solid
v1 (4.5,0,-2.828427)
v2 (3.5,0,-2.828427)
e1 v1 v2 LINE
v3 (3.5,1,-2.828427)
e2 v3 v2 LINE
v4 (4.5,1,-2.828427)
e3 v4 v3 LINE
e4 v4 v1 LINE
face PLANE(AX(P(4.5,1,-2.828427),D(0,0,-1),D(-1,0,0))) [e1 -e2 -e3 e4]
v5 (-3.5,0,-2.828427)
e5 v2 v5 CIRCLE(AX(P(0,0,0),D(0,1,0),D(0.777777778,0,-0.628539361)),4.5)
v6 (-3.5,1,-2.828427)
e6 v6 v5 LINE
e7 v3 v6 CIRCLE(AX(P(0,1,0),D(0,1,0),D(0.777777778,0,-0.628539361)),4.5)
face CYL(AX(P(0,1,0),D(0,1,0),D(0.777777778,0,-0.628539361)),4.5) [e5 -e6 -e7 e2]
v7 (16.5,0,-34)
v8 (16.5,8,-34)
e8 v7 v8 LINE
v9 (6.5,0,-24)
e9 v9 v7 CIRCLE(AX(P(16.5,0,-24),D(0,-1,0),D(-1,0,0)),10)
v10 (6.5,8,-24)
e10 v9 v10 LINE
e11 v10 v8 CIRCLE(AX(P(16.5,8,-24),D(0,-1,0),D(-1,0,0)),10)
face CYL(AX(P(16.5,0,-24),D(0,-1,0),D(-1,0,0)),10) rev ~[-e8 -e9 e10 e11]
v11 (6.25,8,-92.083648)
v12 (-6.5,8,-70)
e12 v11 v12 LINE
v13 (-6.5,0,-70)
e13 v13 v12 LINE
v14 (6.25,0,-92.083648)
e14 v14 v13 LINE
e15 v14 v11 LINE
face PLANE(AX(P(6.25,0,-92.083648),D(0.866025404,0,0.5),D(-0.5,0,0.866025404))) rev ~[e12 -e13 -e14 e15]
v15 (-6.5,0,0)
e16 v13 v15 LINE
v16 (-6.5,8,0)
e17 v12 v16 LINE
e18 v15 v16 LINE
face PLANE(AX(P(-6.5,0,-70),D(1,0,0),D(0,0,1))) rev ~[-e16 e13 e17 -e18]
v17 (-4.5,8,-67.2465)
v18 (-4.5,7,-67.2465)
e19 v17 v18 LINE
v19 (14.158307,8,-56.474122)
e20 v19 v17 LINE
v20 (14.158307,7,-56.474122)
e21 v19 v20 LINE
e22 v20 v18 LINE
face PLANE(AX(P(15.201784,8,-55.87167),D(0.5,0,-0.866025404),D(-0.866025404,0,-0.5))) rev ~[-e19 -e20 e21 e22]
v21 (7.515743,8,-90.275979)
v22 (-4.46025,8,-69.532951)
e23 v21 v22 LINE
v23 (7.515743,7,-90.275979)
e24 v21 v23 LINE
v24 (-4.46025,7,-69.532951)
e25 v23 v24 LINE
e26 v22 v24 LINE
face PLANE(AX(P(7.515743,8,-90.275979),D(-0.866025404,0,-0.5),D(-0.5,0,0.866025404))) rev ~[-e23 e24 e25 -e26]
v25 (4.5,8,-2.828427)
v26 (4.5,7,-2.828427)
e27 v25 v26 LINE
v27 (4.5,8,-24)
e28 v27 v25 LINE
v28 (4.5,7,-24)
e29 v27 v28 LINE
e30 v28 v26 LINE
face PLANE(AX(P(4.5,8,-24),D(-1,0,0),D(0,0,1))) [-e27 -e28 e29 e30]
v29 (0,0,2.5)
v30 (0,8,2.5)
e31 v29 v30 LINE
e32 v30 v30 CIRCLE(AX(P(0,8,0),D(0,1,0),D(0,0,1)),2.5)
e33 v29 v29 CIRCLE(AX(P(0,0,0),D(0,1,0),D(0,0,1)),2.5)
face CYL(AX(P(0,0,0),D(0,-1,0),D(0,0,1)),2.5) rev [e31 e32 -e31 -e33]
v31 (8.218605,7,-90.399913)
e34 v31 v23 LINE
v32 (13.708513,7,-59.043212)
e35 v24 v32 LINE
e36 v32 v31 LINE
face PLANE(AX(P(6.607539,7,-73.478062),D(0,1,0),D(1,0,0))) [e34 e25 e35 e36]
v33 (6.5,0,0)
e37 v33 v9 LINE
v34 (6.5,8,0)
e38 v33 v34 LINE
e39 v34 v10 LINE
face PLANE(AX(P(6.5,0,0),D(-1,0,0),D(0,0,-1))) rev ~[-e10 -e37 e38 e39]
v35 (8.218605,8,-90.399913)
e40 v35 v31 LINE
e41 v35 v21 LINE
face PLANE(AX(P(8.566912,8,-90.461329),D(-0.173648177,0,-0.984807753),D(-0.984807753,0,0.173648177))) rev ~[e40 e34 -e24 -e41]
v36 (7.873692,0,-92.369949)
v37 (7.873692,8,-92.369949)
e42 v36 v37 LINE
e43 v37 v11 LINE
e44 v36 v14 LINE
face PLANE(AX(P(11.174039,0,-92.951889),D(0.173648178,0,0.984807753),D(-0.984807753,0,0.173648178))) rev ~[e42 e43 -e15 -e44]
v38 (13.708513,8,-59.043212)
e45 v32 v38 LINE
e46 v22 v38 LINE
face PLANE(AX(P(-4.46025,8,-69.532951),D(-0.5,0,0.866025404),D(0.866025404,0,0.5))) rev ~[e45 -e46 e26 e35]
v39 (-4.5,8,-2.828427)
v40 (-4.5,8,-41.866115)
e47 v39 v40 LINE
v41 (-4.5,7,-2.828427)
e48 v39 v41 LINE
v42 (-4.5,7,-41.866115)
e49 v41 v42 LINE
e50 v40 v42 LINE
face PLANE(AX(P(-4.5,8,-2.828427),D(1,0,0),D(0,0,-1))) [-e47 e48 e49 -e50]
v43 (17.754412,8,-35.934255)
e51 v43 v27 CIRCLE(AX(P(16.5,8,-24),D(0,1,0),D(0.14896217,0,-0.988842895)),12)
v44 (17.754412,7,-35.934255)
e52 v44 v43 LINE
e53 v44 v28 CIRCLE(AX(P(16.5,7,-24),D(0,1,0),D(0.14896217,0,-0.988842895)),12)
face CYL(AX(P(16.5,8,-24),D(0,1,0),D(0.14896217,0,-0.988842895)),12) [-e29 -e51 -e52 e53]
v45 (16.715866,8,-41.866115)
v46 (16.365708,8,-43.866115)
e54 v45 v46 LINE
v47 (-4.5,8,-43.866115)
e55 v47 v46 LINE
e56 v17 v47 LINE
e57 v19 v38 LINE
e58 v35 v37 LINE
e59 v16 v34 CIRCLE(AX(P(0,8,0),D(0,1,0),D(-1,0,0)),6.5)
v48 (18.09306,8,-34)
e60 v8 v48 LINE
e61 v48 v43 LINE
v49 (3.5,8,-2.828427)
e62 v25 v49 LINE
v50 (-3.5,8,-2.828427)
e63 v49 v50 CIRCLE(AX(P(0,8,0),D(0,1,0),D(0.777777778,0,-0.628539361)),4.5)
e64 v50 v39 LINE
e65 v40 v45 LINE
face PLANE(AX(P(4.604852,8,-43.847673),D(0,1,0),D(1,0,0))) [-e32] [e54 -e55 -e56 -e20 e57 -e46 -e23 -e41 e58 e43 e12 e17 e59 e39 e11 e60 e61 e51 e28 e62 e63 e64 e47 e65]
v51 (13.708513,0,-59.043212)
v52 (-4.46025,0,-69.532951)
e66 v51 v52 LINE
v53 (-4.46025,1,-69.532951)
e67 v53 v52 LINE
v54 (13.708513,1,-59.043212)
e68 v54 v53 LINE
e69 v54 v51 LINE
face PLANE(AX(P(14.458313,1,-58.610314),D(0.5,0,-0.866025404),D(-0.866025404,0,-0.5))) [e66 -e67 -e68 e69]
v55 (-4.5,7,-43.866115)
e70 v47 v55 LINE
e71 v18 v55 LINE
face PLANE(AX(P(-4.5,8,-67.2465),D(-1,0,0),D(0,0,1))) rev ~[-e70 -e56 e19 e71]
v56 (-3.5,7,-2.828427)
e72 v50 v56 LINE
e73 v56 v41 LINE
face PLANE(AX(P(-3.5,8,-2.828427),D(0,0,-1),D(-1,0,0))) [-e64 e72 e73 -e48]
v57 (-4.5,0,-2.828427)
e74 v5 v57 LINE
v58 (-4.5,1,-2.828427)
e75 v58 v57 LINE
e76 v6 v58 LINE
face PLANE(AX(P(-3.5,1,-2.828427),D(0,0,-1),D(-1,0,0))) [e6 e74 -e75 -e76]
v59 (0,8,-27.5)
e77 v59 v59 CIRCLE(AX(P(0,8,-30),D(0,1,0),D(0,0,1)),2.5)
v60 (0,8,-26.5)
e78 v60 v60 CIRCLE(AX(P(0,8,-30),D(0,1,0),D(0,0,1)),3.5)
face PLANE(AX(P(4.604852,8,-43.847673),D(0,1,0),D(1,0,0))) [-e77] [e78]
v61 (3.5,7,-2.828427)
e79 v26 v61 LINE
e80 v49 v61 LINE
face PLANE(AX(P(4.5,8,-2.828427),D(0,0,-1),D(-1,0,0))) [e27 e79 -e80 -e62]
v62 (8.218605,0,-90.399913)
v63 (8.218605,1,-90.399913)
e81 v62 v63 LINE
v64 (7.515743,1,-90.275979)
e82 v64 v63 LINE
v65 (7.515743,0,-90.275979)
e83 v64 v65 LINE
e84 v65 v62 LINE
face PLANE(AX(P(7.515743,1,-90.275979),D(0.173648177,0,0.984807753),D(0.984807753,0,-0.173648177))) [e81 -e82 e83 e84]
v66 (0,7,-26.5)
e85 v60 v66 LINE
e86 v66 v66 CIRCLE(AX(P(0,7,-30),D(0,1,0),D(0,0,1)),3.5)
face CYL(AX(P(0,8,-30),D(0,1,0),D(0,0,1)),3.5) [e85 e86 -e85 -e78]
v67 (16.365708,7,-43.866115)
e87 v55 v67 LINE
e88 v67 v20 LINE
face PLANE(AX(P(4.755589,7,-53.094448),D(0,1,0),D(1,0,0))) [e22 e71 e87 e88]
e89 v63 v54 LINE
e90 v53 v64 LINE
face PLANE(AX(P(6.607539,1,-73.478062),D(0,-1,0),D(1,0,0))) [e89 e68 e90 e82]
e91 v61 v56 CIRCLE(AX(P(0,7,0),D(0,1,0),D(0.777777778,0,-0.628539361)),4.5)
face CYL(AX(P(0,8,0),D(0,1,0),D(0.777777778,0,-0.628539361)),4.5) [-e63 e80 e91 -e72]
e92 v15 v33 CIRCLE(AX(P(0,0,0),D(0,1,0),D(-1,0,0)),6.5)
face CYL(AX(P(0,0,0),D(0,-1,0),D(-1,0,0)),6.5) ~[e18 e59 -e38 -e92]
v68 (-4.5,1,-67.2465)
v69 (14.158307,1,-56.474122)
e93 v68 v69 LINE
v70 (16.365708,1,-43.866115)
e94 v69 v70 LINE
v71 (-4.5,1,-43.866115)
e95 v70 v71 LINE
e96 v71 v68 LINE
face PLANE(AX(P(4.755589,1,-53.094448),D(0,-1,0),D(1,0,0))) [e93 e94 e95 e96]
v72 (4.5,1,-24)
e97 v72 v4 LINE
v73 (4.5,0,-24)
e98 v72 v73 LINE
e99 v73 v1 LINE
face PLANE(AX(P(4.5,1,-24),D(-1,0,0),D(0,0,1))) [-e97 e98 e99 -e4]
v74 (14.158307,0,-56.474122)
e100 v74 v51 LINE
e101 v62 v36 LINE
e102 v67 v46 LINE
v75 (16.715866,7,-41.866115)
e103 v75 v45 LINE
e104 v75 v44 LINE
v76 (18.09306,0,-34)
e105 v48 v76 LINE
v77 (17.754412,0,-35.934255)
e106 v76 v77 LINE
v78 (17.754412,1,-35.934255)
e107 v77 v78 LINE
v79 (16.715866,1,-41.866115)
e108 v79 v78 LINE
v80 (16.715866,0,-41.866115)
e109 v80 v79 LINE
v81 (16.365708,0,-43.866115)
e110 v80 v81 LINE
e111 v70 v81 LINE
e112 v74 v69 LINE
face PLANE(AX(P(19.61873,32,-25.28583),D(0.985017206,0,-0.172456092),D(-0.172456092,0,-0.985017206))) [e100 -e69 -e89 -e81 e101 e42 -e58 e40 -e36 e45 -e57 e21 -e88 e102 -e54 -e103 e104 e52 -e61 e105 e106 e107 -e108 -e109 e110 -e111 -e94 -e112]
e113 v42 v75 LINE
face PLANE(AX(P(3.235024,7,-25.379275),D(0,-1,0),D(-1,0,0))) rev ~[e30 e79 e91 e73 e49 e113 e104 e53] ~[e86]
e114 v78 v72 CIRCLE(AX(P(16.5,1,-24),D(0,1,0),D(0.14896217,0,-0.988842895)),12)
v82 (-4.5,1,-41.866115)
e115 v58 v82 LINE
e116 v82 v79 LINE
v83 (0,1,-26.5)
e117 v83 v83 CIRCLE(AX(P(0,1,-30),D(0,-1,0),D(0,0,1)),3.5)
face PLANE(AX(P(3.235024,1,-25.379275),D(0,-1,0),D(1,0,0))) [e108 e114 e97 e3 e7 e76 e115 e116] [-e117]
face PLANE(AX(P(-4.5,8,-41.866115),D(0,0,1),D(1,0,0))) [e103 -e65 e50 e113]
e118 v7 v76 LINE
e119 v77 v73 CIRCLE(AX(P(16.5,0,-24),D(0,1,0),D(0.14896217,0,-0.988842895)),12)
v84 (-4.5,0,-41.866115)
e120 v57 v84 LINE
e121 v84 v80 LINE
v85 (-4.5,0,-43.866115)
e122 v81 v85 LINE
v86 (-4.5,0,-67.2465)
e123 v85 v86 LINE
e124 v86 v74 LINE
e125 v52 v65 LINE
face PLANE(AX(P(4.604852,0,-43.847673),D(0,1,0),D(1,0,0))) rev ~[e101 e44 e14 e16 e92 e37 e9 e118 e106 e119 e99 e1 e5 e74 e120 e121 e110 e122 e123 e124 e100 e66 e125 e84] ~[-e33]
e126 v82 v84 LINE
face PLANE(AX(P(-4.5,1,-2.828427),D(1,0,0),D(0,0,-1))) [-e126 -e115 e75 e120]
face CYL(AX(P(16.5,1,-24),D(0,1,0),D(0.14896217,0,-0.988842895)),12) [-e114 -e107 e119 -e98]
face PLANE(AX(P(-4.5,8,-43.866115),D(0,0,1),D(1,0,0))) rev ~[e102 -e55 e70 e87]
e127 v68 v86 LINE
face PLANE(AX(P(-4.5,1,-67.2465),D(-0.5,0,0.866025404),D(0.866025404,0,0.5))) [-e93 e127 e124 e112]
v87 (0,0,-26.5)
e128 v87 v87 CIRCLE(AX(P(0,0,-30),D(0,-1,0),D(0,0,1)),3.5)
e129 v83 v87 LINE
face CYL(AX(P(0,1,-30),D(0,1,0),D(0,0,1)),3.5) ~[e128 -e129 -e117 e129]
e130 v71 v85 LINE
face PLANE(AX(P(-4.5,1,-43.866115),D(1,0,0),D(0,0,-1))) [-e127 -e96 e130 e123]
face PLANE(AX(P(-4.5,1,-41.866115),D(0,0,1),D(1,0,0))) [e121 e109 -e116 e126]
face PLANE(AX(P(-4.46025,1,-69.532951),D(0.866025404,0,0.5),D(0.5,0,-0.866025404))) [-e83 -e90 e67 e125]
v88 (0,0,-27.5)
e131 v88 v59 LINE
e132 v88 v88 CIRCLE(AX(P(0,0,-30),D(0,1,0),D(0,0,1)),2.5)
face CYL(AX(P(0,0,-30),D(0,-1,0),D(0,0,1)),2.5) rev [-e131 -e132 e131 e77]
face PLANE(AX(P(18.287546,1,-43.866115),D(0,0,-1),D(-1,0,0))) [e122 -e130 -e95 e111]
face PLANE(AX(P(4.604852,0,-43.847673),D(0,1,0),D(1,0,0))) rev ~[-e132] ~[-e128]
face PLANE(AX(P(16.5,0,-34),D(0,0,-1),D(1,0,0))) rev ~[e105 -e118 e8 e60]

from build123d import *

# Parameters (mm, degrees)
CROQUIS2_R               = 2.5
SALIENTE_EXTRUIR1_DEPTH  = 8
CROQUIS3_R               = 3.5
CORTAR_EXTRUIR1_DEPTH    = 1
CORTAR_EXTRUIR2_START    = -1
CROQUIS4_R               = 3.5
CORTAR_EXTRUIR2_DEPTH    = 1
BOSS_EXTRUDE1_DEPTH      = 10
BOSS_EXTRUDE1_DEPTH_BACK = 18
CUT_EXTRUDE1_DEPTH       = 10
CUT_EXTRUDE2_DEPTH       = 46
CUT_EXTRUDE2_DEPTH_BACK  = 31


with BuildPart() as part:
    # Croquis2 → Saliente-Extruir1 (new body)
    with BuildSketch(Plane(origin=(0, 0, 0), x_dir=(1, 0, 0), z_dir=(0, 1, 0))):
        with BuildLine():
            Line((-6.5, 70), (-6.5, 0))
            ThreePointArc((-6.5, 0), (0, -6.5), (6.5, 0))
            Line((6.5, 0), (6.5, 24))
            ThreePointArc((6.5, 24), (9.428932188, 31.071067812), (16.5, 34))
            Line((16.5, 34), (19.5, 34))
            Line((19.5, 34), (21.621320344, 36.121320344))
            Line((21.621320344, 36.121320344), (19.621320344, 38.121320344))
            Line((19.621320344, 38.121320344), (21.621320344, 40.121320344))
            Line((21.621320344, 40.121320344), (19.621320344, 42.121320344))
            Line((19.621320344, 42.121320344), (21.621320344, 44.121320344))
            ThreePointArc((21.621320344, 44.121320344), (15.831267135, 61.441250358), (13.535653981, 79.558503244))
            Line((13.535653981, 79.558503244), (11.21874212, 81.180822395))
            Line((11.21874212, 81.180822395), (12.841061271, 83.497734256))
            Line((12.841061271, 83.497734256), (10.524149409, 85.120053407))
            Line((10.524149409, 85.120053407), (12.14646856, 87.436965268))
            Line((12.14646856, 87.436965268), (9.829556699, 89.059284419))
            Line((9.829556699, 89.059284419), (11.451875849, 91.37619628))
            Line((11.451875849, 91.37619628), (11.174038765, 92.951888685))
            Line((11.174038765, 92.951888685), (6.25, 92.083647797))
            Line((6.25, 92.083647797), (-6.5, 70))
        make_face()
        with Locations(Location((0, 0, 0), (0, 0, 270))):
            Circle(CROQUIS2_R, mode=Mode.SUBTRACT)
        with Locations(Location((0, 30, 0), (0, 0, 270))):
            Circle(CROQUIS2_R, mode=Mode.SUBTRACT)
    extrude(amount=SALIENTE_EXTRUIR1_DEPTH)

    # Croquis3 → Cortar-Extruir1 (cut)
    # profile 1 of 3: a face of its own
    with BuildSketch(Plane(origin=(0, 8, 0), x_dir=(1, 0, 0), z_dir=(0, 1, 0))):
        with BuildLine():
            Line((7.515743149, 90.275979241), (-4.460249568, 69.532951382))
            Line((-4.460249568, 69.532951382), (14.458313138, 58.610314111))
            ThreePointArc((14.458313138, 58.610314111), (13.59841994, 62.277167356), (12.884475402, 65.975209032))
            Line((12.884475402, 65.975209032), (8.566911861, 90.461328646))
            Line((8.566911861, 90.461328646), (7.515743149, 90.275979241))
        make_face()
    # profile 2 of 3: a face of its own
    with BuildSketch(Plane(origin=(0, 8, 0), x_dir=(1, 0, 0), z_dir=(0, 1, 0))):
        with BuildLine():
            Line((-4.5, 67.246500228), (-4.5, 43.866114746))
            Line((-4.5, 43.866114746), (18.28754604, 43.866114746))
            Line((18.28754604, 43.866114746), (18.28754604, 46.866114746))
            ThreePointArc((18.28754604, 46.866114746), (16.631849149, 51.330235949), (15.201783832, 55.871670029))
            Line((15.201783832, 55.871670029), (-4.5, 67.246500228))
        make_face()
    # profile 3 of 3: a face of its own
    with BuildSketch(Plane(origin=(0, 8, 0), x_dir=(1, 0, 0), z_dir=(0, 1, 0))):
        with BuildLine():
            Line((-4.5, 2.828427125), (-4.5, 41.866114746))
            Line((-4.5, 41.866114746), (18.28754604, 41.866114746))
            Line((18.28754604, 41.866114746), (18.28754604, 35.866114746))
            ThreePointArc((18.28754604, 35.866114746), (8.672182695, 33.095343657), (4.5, 24))
            Line((4.5, 24), (4.5, 2.828427125))
            Line((4.5, 2.828427125), (3.5, 2.828427125))
            ThreePointArc((3.5, 2.828427125), (0, 4.5), (-3.5, 2.828427125))
            Line((-3.5, 2.828427125), (-4.5, 2.828427125))
        make_face()
        with Locations(Location((0, 30, 0), (0, 0, 270))):
            Circle(CROQUIS3_R, mode=Mode.SUBTRACT)
    extrude(amount=-CORTAR_EXTRUIR1_DEPTH, mode=Mode.SUBTRACT)

    # Croquis4 → Cortar-Extruir2 (cut)
    # profile 1 of 3: a face of its own
    with BuildSketch(Plane.XZ.offset(CORTAR_EXTRUIR2_START)):
        with BuildLine():
            Line((4.5, -24), (4.5, -2.828427125))
            Line((4.5, -2.828427125), (3.5, -2.828427125))
            ThreePointArc((3.5, -2.828427125), (0, -4.5), (-3.5, -2.828427125))
            Line((-3.5, -2.828427125), (-4.5, -2.828427125))
            Line((-4.5, -2.828427125), (-4.5, -41.866114746))
            Line((-4.5, -41.866114746), (18.28754604, -41.866114746))
            Line((18.28754604, -41.866114746), (18.28754604, -35.866114746))
            ThreePointArc((18.28754604, -35.866114746), (8.672182695, -33.095343657), (4.5, -24))
        make_face()
        with Locations(Location((0, -30, 0), (0, 0, 90))):
            Circle(CROQUIS4_R, mode=Mode.SUBTRACT)
    # profile 2 of 3: a face of its own
    with BuildSketch(Plane.XZ.offset(CORTAR_EXTRUIR2_START)):
        with BuildLine():
            Line((14.458313138, -58.610314111), (-4.460249568, -69.532951382))
            Line((-4.460249568, -69.532951382), (7.515743149, -90.275979241))
            Line((7.515743149, -90.275979241), (8.566911861, -90.461328646))
            Line((8.566911861, -90.461328646), (12.884475402, -65.975209032))
            ThreePointArc((12.884475402, -65.975209032), (13.59841994, -62.277167356), (14.458313138, -58.610314111))
        make_face()
    # profile 3 of 3: a face of its own
    with BuildSketch(Plane.XZ.offset(CORTAR_EXTRUIR2_START)):
        with BuildLine():
            Line((-4.5, -67.246500228), (15.201783832, -55.871670029))
            ThreePointArc((15.201783832, -55.871670029), (16.631849149, -51.330235949), (18.28754604, -46.866114746))
            Line((18.28754604, -46.866114746), (18.28754604, -43.866114746))
            Line((18.28754604, -43.866114746), (-4.5, -43.866114746))
            Line((-4.5, -43.866114746), (-4.5, -67.246500228))
        make_face()
    extrude(amount=CORTAR_EXTRUIR2_DEPTH, mode=Mode.SUBTRACT)

    # Sketch1 → Boss-Extrude1 (add, two sides: drawn at the far end of the back side and taken through both)
    with BuildSketch(Plane(origin=(0, 0, 0), x_dir=(-1, 0, 0), z_dir=(0, -1, 0)).offset(-BOSS_EXTRUDE1_DEPTH_BACK)):
        Polygon((-10.725693632, 78.218268839), (-13.535653981, 79.558503244), (-11.21874212, 81.180822395), (-12.841061271, 83.497734256), (-10.524149409, 85.120053407), (-12.14646856, 87.436965268), (-9.829556699, 89.059284419), (-11.451875849, 91.37619628), (-11.174038765, 92.951888685), (-8.712019383, 92.517768241), align=None)
    extrude(amount=BOSS_EXTRUDE1_DEPTH + BOSS_EXTRUDE1_DEPTH_BACK)

    # Sketch2 → Cut-Extrude1 (cut)
    with BuildSketch(Plane.XZ):
        Polygon((20.854717439, -45.882271987), (20.061595797, -46.675393628), (20.061595797, -47.817063384), (19.020844567, -48.857814614), (19.213403829, -50.036558505), (18.345213154, -50.90474918), (18.63507803, -51.655887227), (18.345213154, -51.655887227), (18.345213154, -52.50502864), (17.475337304, -52.840714546), (17.942236404, -53.732571601), (17.475337304, -53.732571601), (17.731860677, -54.397310522), (17.060300562, -55.068870638), (17.333638858, -55.705905614), (17.060300562, -55.705905614), (17.060300562, -56.646563198), (16.631849149, -57.159208559), (16.631849149, -58.201545628), (15.831267135, -59.159448073), (16.233608031, -59.750840851), (15.363432322, -60.342845501), (15.831267135, -61.441250358), (15.015003687, -61.996577004), (15.474048684, -63.074344715), (14.594646883, -63.672626132), (15.180653556, -64.533985534), (14.340267552, -65.105723423), (14.855378114, -66.315124537), (13.915417538, -66.954605767), (14.589004763, -67.944698058), (13.915417538, -68.402958115), (14.367306345, -69.46392418), (13.490959077, -70.060127513), (14.163271241, -71.048345618), (13.268305135, -72.119179344), (13.978614858, -72.712831852), (13.268305135, -73.562722816), (13.824014096, -74.379548221), (13.268305135, -74.757612427), (13.740518299, -75.451709043), (12.802233755, -76.090050022), (13.62576872, -77.300547474), (12.802233755, -77.860821134), (13.553992685, -78.96581644), align=None)
    extrude(amount=-CUT_EXTRUDE1_DEPTH, mode=Mode.SUBTRACT)

    # Sketch3 → Cut-Extrude2 (cut, two sides: drawn at the far end of the back side and taken through both)
    with BuildSketch(Plane(origin=(0, 1, 0), x_dir=(-1, 0, 0), z_dir=(0, -1, 0)).offset(-CUT_EXTRUDE2_DEPTH_BACK)):
        Polygon((-19.61873043, 25.285830451), (-7.041341817, 97.124082603), (-21.40830892, 99.639440689), (-35.796516216, 28.118225347), align=None)
    extrude(amount=CUT_EXTRUDE2_DEPTH + CUT_EXTRUDE2_DEPTH_BACK, mode=Mode.SUBTRACT)


solid = part.part
